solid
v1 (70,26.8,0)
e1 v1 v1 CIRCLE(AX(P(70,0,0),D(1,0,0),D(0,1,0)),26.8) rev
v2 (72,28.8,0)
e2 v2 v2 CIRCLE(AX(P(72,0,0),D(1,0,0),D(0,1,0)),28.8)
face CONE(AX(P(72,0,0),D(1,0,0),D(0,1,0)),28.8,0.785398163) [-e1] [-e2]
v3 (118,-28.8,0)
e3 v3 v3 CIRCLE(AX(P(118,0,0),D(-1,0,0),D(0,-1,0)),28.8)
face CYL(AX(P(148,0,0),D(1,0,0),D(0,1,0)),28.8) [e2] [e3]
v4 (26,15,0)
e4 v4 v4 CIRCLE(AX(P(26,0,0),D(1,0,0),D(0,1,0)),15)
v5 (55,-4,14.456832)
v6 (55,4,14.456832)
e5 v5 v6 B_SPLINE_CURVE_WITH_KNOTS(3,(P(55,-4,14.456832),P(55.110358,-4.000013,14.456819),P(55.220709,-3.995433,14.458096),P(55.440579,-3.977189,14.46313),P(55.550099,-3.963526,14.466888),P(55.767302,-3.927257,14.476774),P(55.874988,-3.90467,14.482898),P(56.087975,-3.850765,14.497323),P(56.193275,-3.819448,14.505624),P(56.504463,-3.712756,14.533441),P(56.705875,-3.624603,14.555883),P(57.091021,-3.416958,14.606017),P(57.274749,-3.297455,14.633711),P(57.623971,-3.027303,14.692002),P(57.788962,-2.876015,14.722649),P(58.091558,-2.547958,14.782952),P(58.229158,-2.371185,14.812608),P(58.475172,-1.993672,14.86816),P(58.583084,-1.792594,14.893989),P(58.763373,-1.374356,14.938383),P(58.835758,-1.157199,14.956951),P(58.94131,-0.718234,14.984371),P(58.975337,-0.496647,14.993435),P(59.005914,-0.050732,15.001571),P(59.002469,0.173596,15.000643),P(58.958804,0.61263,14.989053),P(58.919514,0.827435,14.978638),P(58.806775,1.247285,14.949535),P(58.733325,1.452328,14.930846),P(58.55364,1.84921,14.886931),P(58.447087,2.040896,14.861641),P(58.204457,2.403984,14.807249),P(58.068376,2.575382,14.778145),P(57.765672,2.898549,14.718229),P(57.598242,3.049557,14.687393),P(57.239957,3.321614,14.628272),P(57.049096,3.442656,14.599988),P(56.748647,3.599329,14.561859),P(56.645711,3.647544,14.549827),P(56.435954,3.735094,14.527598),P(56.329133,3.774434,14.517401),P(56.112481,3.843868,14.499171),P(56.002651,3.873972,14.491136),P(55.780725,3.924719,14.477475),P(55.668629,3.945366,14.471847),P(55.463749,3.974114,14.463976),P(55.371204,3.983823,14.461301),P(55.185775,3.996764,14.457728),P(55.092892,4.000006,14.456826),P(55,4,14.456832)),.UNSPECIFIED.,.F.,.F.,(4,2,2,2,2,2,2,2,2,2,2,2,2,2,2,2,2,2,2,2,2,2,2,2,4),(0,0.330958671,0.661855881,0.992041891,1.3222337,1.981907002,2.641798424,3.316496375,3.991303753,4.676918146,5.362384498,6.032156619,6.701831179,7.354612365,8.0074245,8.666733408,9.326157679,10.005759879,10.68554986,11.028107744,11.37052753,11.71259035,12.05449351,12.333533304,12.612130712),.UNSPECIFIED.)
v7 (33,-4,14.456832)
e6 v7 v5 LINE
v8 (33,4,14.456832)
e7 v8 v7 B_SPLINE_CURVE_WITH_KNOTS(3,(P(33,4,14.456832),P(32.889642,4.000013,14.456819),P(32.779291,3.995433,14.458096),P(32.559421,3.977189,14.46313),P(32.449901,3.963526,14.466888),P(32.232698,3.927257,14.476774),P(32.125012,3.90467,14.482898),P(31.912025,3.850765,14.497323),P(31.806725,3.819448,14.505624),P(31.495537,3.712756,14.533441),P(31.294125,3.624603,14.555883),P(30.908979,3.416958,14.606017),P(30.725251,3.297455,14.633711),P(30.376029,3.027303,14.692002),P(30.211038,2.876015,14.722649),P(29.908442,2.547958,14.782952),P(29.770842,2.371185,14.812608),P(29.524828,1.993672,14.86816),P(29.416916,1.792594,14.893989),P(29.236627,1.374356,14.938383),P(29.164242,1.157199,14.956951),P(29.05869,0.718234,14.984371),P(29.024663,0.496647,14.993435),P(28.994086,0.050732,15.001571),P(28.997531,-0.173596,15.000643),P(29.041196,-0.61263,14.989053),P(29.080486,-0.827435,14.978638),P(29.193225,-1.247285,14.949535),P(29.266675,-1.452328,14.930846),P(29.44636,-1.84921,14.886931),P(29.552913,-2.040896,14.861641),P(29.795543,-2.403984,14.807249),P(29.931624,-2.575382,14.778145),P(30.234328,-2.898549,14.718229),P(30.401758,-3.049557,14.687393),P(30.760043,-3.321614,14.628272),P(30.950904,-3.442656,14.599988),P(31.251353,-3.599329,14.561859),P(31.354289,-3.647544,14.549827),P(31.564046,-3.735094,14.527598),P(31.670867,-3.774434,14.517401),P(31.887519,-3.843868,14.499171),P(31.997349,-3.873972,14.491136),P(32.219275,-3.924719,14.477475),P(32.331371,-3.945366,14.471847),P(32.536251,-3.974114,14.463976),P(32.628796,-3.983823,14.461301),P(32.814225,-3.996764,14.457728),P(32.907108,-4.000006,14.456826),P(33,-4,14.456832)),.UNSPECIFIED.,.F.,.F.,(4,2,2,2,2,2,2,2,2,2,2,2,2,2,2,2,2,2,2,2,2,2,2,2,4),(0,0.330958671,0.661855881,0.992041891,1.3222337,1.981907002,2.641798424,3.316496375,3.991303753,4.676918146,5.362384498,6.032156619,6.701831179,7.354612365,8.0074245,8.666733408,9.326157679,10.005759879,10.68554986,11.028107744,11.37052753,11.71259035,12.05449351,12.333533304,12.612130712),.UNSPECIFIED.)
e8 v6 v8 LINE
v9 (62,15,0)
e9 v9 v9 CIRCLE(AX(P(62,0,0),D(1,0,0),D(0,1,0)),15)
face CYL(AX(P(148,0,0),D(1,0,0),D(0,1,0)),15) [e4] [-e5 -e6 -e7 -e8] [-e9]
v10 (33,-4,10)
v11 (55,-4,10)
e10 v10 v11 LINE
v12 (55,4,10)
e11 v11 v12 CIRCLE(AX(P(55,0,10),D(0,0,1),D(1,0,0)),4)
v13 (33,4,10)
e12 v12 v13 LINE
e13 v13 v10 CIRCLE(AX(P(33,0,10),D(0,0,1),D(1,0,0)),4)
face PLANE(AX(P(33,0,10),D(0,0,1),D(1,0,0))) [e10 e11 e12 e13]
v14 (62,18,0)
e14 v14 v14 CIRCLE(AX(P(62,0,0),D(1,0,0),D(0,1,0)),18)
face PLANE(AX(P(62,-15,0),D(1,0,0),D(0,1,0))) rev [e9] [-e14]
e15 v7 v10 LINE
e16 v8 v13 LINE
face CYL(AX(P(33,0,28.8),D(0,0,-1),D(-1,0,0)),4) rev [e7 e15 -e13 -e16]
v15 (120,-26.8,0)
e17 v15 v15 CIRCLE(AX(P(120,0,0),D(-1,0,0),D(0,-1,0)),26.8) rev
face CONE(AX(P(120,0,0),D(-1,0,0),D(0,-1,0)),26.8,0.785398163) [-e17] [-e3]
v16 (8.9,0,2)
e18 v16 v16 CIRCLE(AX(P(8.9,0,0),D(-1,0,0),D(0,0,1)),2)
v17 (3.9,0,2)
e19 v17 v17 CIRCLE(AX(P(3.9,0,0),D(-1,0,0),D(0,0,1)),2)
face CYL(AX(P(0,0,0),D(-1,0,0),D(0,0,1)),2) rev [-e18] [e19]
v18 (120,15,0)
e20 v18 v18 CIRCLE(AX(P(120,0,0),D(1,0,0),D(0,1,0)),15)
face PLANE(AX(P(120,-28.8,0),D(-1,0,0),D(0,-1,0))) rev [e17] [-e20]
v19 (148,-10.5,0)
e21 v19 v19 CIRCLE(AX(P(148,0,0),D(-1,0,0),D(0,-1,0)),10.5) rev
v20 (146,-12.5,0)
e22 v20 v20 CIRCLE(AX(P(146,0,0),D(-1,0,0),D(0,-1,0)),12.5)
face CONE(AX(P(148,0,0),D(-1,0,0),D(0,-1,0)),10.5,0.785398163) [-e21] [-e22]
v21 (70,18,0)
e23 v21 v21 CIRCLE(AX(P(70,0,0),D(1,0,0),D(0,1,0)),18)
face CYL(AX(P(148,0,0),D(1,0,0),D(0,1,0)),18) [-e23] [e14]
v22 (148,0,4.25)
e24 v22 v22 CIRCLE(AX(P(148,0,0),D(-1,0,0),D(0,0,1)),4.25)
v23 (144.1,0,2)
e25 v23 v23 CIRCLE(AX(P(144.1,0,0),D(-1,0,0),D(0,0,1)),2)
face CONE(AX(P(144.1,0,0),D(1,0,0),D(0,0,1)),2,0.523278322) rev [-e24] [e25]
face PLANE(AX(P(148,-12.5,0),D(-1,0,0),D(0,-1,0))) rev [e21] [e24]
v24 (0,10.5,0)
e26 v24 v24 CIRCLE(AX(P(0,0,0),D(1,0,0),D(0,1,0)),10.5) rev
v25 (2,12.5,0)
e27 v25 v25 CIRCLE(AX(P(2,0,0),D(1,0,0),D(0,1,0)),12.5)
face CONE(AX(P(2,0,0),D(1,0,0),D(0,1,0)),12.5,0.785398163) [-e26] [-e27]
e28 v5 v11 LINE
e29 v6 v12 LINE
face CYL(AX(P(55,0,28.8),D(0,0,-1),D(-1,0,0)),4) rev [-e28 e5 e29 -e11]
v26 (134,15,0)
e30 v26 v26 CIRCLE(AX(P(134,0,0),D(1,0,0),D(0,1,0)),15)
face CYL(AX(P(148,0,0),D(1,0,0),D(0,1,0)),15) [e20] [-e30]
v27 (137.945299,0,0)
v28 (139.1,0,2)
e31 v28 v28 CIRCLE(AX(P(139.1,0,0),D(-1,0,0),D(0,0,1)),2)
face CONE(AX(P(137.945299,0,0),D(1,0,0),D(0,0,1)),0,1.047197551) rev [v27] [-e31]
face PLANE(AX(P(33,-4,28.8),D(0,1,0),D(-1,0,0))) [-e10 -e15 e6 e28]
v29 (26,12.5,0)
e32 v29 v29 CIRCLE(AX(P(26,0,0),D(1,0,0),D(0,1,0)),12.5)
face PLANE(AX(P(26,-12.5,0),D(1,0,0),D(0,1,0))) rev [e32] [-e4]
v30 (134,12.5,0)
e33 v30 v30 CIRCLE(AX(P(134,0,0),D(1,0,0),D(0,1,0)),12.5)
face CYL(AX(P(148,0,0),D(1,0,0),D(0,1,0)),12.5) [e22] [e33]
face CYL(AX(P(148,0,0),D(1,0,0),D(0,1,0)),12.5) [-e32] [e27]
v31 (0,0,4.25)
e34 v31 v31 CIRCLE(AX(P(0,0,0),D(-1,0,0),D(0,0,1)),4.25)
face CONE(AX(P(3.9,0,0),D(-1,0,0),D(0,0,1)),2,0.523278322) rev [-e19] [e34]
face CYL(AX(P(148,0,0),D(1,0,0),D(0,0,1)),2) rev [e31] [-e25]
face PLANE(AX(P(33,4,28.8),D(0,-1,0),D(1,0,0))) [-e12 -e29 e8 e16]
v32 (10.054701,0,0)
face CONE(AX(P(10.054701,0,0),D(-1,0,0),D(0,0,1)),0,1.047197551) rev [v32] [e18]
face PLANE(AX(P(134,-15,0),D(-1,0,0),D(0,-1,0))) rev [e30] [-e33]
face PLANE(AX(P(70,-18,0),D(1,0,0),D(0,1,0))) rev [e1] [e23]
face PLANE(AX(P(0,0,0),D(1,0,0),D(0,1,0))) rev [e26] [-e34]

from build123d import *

# Parameters (mm, degrees)
CUT_EXTRUDE_START   = 10
CUT_EXTRUDE_2_DEPTH = 144.502052104
CHAMFER_1_SIZE      = 2
CHAMFER_2_SIZE      = 2


with BuildPart() as part:
    # Эскиз1 → Повернуть1 (revolve)
    with BuildSketch(Plane.XY, mode=Mode.PRIVATE) as revolve_1_sk:
        Polygon((0, 0), (0, -12.5), (26, -12.5), (26, -15), (62, -15), (62, -18), (70, -18), (70, -28.8), (120, -28.8), (120, -15), (134, -15), (134, -12.5), (148, -12.5), (148, 0), align=None)
    revolve(revolve_1_sk.sketch.rotate(Axis((148, 0, 0), (-1, 0, 0)), 180), axis=Axis((148, 0, 0), (-1, 0, 0)))

    # Эскиз3 → Вырез-Повернуть1 (revolve, cut)
    with BuildSketch(Plane.XY, mode=Mode.PRIVATE) as cut_revolve_1_sk:
        Polygon((0, 0), (10.054700538, 0), (8.9, 2), (3.9, 2), (0, 4.25), align=None)
    cut_revolve_1 = revolve(cut_revolve_1_sk.sketch.rotate(Axis((0, 0, 0), (1, 0, 0)), 90), axis=Axis((0, 0, 0), (1, 0, 0)), mode=Mode.SUBTRACT)

    # Зеркальное отражение1: Вырез-Повернуть1 across plane
    add(cut_revolve_1.mirror(Plane.ZY.offset(-74)), mode=Mode.SUBTRACT)

    # Эскиз4 → Вырез-Вытянуть2 (cut, through all)
    with BuildSketch(Plane.XY.offset(CUT_EXTRUDE_START)):
        with BuildLine():
            Line((33, 4), (55, 4))
            ThreePointArc((55, 4), (59, 0), (55, -4))
            Line((55, -4), (33, -4))
            ThreePointArc((33, -4), (29, 0), (33, 4))
        make_face()
    extrude(amount=CUT_EXTRUDE_2_DEPTH, mode=Mode.SUBTRACT)

    # Фаска1
    chamfer_1_edges = [part.edges().sort_by_distance(p)[0] for p in [
        (0, -12.5, 0),
    ]]
    chamfer(chamfer_1_edges, length=CHAMFER_1_SIZE)

    # Фаска2
    chamfer_2_edges = [part.edges().sort_by_distance(p)[0] for p in [
        (148, -12.5, 0),
        (120, -28.8, 0),
        (70, -28.8, 0),
    ]]
    chamfer(chamfer_2_edges, length=CHAMFER_2_SIZE)


solid = part.part
